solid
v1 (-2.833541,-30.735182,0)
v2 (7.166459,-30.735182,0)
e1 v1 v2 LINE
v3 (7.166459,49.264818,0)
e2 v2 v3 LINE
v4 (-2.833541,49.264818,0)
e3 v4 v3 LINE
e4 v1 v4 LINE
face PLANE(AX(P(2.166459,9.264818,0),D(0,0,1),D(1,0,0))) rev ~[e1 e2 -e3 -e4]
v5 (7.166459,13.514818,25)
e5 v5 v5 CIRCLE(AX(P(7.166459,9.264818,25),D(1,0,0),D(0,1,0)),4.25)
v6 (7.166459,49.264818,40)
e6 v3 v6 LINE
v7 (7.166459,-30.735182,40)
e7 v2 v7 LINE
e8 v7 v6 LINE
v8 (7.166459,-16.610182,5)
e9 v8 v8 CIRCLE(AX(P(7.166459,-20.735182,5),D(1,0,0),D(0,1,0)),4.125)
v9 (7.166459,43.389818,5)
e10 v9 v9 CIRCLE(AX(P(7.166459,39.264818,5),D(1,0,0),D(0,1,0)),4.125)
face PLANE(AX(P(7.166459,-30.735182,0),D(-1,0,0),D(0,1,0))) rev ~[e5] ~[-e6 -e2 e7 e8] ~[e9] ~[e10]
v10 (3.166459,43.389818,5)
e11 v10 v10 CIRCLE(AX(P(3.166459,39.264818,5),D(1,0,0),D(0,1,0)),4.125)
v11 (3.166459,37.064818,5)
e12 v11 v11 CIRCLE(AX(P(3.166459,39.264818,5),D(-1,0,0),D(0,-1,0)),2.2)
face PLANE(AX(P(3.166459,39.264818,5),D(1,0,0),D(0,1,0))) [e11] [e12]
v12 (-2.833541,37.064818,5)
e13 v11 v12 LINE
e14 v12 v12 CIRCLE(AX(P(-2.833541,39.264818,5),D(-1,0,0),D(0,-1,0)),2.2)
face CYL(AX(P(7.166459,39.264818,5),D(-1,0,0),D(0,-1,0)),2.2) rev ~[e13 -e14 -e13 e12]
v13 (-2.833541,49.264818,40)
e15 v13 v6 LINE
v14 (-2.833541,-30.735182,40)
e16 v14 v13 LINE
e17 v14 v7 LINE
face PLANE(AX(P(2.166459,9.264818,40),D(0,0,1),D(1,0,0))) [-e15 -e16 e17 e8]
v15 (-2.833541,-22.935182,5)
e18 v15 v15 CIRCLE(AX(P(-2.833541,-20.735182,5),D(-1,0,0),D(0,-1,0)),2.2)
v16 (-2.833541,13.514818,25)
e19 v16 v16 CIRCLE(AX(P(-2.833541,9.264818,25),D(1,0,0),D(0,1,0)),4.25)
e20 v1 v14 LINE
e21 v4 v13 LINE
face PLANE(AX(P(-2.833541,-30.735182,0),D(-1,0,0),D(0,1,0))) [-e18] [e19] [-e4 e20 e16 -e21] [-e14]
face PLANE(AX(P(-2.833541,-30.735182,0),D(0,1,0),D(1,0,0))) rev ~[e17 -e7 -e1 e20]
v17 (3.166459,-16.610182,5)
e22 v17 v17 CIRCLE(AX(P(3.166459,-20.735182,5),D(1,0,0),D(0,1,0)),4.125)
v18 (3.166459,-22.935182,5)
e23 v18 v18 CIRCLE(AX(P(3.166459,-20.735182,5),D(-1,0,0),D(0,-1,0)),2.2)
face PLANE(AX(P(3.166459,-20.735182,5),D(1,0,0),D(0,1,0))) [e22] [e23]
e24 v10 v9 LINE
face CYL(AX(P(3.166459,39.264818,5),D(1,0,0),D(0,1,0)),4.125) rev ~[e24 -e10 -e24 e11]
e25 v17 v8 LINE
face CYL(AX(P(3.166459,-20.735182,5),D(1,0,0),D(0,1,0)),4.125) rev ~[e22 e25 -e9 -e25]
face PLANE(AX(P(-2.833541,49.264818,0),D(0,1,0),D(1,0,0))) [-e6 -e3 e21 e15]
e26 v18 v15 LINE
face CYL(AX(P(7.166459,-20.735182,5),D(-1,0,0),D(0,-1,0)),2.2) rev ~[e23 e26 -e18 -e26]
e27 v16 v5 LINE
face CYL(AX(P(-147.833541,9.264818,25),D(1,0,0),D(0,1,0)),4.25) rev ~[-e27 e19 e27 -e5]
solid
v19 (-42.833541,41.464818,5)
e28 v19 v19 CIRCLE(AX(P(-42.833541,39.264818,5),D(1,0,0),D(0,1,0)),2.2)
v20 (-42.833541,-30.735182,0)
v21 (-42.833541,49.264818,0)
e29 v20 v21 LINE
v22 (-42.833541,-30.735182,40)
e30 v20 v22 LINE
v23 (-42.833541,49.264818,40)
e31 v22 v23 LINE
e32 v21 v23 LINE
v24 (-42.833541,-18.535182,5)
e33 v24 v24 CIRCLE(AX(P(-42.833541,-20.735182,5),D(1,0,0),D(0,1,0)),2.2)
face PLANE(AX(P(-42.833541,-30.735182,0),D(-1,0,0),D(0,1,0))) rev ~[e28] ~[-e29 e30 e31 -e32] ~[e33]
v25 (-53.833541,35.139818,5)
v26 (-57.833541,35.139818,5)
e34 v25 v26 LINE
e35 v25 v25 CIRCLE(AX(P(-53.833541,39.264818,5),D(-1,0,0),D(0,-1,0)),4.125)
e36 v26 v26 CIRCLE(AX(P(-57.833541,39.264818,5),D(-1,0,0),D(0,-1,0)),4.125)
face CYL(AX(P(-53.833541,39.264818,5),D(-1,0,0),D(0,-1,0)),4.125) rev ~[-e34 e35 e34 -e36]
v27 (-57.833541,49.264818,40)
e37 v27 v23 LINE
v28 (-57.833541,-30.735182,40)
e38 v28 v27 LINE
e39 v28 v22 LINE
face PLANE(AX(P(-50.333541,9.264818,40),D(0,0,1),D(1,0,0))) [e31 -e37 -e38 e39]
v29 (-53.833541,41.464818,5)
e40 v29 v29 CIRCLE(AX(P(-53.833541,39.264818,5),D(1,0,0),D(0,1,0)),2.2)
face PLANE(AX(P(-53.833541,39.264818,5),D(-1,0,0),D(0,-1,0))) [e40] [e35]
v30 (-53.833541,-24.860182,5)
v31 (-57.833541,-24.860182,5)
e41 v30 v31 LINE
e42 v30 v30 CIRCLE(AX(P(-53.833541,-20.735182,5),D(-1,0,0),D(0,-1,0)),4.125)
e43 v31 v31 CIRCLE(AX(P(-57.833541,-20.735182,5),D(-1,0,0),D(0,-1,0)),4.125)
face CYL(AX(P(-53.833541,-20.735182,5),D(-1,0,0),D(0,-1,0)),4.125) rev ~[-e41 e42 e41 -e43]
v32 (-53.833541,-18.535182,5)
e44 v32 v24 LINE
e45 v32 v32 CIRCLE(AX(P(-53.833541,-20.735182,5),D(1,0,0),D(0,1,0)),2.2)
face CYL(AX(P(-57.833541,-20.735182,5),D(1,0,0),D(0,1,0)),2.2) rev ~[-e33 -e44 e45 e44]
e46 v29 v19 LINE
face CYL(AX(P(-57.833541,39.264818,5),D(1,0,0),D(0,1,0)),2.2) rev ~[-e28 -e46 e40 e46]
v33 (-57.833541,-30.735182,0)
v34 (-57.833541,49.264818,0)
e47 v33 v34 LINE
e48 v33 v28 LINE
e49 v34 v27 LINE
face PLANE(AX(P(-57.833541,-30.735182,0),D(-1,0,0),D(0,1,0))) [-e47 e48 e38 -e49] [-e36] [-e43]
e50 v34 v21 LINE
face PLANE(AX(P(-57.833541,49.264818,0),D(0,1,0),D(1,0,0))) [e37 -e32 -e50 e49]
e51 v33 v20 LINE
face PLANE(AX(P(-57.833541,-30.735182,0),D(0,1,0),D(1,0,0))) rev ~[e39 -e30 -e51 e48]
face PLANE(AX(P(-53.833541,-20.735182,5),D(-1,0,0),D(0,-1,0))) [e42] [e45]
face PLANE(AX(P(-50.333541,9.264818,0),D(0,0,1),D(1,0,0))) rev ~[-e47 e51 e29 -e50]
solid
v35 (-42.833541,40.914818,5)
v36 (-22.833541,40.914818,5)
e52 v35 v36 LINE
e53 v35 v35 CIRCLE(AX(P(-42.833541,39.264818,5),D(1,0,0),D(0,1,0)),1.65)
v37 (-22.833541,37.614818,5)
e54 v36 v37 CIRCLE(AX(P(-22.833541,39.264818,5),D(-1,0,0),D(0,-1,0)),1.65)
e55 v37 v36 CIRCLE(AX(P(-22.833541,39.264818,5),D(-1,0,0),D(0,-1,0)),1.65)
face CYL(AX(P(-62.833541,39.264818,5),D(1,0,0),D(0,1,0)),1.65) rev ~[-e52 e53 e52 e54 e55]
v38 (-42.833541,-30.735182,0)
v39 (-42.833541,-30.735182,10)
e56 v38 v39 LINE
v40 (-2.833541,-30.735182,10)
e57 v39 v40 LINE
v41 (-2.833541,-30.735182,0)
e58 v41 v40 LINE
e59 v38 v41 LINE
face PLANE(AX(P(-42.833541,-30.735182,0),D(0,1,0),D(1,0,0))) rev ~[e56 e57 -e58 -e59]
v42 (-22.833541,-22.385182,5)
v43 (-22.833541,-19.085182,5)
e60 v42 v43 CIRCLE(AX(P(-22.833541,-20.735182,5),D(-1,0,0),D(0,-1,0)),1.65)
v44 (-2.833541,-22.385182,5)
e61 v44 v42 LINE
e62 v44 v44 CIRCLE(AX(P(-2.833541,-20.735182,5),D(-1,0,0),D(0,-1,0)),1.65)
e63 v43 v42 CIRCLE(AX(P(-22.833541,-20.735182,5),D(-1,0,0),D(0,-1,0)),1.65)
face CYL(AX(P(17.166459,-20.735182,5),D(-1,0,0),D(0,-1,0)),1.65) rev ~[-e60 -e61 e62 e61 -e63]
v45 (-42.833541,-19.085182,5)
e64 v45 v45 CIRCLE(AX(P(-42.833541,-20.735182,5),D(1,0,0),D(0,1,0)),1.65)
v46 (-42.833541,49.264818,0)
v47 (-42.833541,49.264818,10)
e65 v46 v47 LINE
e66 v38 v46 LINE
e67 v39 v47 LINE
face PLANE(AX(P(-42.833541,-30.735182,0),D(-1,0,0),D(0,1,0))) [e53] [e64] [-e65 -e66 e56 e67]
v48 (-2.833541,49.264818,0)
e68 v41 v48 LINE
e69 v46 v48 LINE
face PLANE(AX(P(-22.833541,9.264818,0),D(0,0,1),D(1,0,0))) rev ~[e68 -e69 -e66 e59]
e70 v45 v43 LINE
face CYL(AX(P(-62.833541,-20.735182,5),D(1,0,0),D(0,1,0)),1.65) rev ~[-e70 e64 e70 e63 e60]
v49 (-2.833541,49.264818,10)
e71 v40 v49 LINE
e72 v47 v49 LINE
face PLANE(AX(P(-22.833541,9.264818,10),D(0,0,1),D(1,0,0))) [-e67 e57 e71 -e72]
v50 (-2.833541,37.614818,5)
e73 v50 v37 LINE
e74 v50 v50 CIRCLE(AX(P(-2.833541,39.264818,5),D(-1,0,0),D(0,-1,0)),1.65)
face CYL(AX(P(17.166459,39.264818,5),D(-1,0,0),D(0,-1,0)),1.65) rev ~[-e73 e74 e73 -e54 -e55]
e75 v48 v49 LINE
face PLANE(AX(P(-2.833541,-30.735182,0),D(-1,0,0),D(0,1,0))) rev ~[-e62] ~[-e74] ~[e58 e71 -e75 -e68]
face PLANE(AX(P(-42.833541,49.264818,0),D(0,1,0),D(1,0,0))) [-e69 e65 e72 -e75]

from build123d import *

# Parameters (mm, degrees)
F0_W           = 40
F0_H           = 80
F1_DEPTH       = 10
F0_W_2         = 15
F2_DEPTH       = 40
F0_W_3         = 10
F4_D           = 4.4
F4_CBORE_D     = 8.25
F4_CBORE_DEPTH = 4
F5_D           = 3.3
F5_DEPTH       = 20
F5_START       = 10
F5_TIP         = 0.9914200214
F7_D           = 4.4
F7_CBORE_D     = 8.25
F7_CBORE_DEPTH = 4
F8_D           = 3.3
F8_DEPTH       = 20
F8_START       = 15
F8_TIP         = 0.9914200214
F9_D           = 8.5


with BuildPart() as f1:
    # F0 (on Top) → F1 (new body)
    with BuildSketch(Plane.XY):
        with Locations((-22.8335411847, 9.2648183657)):
            Rectangle(F0_W, F0_H)
    extrude(amount=F1_DEPTH)

    # F5
    # its depths count from where the whole tool has entered the part; down to there all is cleared
    with Locations(Plane.YZ.offset(7.1664588153).offset(-F5_START)):
        with Locations((-20.7351816343, 5), (39.2648183657, 5)):
            Hole(F5_D / 2, depth=F5_DEPTH)
            with Locations((0, 0, -(F5_DEPTH + F5_TIP / 2))):  # 118° drill point
                Cone(0, F5_D / 2, F5_TIP, mode=Mode.SUBTRACT)

    # F8
    # its depths count from where the whole tool has entered the part; down to there all is cleared
    with Locations(Plane(origin=(-57.8335411847, 0, 0), x_dir=(0, -1, 0), z_dir=(-1, 0, 0)).offset(-F8_START)):
        with Locations((-39.2648183657, 5), (20.7351816343, 5)):
            Hole(F8_D / 2, depth=F8_DEPTH)
            with Locations((0, 0, -(F8_DEPTH + F8_TIP / 2))):  # 118° drill point
                Cone(0, F8_D / 2, F8_TIP, mode=Mode.SUBTRACT)


with BuildPart() as f2:
    # F0 (on Top) → F2 (new body)
    with BuildSketch(Plane.XY):
        with Locations((-50.3335411847, 9.2648183657)):
            Rectangle(F0_W_2, F0_H)
    extrude(amount=F2_DEPTH)

    # F7 (through all)
    with Locations(Plane(origin=(-57.8335411847, 0, 0), x_dir=(0, -1, 0), z_dir=(-1, 0, 0))):
        with Locations((-39.2648183657, 5), (20.7351816343, 5)):
            CounterBoreHole(F7_D / 2, F7_CBORE_D / 2, F7_CBORE_DEPTH)


with BuildPart() as f2b:
    # F0 (on Top) → F2, piece 2 (new body)
    with BuildSketch(Plane.XY):
        with Locations((2.1664588153, 9.2648183657)):
            Rectangle(F0_W_3, F0_H)
    extrude(amount=F2_DEPTH)

    # F4 (through all)
    with Locations(Plane.YZ.offset(7.1664588153)):
        with Locations((-20.7351816343, 5), (39.2648183657, 5)):
            CounterBoreHole(F4_D / 2, F4_CBORE_D / 2, F4_CBORE_DEPTH)

    # F9 (through all)
    with Locations(Plane(origin=(-57.8335411847, 0, 0), x_dir=(0, -1, 0), z_dir=(-1, 0, 0))):
        with Locations((-9.2648183657, 25)):
            Hole(F9_D / 2)


solid = Compound([f1.part, f2.part, f2b.part])
